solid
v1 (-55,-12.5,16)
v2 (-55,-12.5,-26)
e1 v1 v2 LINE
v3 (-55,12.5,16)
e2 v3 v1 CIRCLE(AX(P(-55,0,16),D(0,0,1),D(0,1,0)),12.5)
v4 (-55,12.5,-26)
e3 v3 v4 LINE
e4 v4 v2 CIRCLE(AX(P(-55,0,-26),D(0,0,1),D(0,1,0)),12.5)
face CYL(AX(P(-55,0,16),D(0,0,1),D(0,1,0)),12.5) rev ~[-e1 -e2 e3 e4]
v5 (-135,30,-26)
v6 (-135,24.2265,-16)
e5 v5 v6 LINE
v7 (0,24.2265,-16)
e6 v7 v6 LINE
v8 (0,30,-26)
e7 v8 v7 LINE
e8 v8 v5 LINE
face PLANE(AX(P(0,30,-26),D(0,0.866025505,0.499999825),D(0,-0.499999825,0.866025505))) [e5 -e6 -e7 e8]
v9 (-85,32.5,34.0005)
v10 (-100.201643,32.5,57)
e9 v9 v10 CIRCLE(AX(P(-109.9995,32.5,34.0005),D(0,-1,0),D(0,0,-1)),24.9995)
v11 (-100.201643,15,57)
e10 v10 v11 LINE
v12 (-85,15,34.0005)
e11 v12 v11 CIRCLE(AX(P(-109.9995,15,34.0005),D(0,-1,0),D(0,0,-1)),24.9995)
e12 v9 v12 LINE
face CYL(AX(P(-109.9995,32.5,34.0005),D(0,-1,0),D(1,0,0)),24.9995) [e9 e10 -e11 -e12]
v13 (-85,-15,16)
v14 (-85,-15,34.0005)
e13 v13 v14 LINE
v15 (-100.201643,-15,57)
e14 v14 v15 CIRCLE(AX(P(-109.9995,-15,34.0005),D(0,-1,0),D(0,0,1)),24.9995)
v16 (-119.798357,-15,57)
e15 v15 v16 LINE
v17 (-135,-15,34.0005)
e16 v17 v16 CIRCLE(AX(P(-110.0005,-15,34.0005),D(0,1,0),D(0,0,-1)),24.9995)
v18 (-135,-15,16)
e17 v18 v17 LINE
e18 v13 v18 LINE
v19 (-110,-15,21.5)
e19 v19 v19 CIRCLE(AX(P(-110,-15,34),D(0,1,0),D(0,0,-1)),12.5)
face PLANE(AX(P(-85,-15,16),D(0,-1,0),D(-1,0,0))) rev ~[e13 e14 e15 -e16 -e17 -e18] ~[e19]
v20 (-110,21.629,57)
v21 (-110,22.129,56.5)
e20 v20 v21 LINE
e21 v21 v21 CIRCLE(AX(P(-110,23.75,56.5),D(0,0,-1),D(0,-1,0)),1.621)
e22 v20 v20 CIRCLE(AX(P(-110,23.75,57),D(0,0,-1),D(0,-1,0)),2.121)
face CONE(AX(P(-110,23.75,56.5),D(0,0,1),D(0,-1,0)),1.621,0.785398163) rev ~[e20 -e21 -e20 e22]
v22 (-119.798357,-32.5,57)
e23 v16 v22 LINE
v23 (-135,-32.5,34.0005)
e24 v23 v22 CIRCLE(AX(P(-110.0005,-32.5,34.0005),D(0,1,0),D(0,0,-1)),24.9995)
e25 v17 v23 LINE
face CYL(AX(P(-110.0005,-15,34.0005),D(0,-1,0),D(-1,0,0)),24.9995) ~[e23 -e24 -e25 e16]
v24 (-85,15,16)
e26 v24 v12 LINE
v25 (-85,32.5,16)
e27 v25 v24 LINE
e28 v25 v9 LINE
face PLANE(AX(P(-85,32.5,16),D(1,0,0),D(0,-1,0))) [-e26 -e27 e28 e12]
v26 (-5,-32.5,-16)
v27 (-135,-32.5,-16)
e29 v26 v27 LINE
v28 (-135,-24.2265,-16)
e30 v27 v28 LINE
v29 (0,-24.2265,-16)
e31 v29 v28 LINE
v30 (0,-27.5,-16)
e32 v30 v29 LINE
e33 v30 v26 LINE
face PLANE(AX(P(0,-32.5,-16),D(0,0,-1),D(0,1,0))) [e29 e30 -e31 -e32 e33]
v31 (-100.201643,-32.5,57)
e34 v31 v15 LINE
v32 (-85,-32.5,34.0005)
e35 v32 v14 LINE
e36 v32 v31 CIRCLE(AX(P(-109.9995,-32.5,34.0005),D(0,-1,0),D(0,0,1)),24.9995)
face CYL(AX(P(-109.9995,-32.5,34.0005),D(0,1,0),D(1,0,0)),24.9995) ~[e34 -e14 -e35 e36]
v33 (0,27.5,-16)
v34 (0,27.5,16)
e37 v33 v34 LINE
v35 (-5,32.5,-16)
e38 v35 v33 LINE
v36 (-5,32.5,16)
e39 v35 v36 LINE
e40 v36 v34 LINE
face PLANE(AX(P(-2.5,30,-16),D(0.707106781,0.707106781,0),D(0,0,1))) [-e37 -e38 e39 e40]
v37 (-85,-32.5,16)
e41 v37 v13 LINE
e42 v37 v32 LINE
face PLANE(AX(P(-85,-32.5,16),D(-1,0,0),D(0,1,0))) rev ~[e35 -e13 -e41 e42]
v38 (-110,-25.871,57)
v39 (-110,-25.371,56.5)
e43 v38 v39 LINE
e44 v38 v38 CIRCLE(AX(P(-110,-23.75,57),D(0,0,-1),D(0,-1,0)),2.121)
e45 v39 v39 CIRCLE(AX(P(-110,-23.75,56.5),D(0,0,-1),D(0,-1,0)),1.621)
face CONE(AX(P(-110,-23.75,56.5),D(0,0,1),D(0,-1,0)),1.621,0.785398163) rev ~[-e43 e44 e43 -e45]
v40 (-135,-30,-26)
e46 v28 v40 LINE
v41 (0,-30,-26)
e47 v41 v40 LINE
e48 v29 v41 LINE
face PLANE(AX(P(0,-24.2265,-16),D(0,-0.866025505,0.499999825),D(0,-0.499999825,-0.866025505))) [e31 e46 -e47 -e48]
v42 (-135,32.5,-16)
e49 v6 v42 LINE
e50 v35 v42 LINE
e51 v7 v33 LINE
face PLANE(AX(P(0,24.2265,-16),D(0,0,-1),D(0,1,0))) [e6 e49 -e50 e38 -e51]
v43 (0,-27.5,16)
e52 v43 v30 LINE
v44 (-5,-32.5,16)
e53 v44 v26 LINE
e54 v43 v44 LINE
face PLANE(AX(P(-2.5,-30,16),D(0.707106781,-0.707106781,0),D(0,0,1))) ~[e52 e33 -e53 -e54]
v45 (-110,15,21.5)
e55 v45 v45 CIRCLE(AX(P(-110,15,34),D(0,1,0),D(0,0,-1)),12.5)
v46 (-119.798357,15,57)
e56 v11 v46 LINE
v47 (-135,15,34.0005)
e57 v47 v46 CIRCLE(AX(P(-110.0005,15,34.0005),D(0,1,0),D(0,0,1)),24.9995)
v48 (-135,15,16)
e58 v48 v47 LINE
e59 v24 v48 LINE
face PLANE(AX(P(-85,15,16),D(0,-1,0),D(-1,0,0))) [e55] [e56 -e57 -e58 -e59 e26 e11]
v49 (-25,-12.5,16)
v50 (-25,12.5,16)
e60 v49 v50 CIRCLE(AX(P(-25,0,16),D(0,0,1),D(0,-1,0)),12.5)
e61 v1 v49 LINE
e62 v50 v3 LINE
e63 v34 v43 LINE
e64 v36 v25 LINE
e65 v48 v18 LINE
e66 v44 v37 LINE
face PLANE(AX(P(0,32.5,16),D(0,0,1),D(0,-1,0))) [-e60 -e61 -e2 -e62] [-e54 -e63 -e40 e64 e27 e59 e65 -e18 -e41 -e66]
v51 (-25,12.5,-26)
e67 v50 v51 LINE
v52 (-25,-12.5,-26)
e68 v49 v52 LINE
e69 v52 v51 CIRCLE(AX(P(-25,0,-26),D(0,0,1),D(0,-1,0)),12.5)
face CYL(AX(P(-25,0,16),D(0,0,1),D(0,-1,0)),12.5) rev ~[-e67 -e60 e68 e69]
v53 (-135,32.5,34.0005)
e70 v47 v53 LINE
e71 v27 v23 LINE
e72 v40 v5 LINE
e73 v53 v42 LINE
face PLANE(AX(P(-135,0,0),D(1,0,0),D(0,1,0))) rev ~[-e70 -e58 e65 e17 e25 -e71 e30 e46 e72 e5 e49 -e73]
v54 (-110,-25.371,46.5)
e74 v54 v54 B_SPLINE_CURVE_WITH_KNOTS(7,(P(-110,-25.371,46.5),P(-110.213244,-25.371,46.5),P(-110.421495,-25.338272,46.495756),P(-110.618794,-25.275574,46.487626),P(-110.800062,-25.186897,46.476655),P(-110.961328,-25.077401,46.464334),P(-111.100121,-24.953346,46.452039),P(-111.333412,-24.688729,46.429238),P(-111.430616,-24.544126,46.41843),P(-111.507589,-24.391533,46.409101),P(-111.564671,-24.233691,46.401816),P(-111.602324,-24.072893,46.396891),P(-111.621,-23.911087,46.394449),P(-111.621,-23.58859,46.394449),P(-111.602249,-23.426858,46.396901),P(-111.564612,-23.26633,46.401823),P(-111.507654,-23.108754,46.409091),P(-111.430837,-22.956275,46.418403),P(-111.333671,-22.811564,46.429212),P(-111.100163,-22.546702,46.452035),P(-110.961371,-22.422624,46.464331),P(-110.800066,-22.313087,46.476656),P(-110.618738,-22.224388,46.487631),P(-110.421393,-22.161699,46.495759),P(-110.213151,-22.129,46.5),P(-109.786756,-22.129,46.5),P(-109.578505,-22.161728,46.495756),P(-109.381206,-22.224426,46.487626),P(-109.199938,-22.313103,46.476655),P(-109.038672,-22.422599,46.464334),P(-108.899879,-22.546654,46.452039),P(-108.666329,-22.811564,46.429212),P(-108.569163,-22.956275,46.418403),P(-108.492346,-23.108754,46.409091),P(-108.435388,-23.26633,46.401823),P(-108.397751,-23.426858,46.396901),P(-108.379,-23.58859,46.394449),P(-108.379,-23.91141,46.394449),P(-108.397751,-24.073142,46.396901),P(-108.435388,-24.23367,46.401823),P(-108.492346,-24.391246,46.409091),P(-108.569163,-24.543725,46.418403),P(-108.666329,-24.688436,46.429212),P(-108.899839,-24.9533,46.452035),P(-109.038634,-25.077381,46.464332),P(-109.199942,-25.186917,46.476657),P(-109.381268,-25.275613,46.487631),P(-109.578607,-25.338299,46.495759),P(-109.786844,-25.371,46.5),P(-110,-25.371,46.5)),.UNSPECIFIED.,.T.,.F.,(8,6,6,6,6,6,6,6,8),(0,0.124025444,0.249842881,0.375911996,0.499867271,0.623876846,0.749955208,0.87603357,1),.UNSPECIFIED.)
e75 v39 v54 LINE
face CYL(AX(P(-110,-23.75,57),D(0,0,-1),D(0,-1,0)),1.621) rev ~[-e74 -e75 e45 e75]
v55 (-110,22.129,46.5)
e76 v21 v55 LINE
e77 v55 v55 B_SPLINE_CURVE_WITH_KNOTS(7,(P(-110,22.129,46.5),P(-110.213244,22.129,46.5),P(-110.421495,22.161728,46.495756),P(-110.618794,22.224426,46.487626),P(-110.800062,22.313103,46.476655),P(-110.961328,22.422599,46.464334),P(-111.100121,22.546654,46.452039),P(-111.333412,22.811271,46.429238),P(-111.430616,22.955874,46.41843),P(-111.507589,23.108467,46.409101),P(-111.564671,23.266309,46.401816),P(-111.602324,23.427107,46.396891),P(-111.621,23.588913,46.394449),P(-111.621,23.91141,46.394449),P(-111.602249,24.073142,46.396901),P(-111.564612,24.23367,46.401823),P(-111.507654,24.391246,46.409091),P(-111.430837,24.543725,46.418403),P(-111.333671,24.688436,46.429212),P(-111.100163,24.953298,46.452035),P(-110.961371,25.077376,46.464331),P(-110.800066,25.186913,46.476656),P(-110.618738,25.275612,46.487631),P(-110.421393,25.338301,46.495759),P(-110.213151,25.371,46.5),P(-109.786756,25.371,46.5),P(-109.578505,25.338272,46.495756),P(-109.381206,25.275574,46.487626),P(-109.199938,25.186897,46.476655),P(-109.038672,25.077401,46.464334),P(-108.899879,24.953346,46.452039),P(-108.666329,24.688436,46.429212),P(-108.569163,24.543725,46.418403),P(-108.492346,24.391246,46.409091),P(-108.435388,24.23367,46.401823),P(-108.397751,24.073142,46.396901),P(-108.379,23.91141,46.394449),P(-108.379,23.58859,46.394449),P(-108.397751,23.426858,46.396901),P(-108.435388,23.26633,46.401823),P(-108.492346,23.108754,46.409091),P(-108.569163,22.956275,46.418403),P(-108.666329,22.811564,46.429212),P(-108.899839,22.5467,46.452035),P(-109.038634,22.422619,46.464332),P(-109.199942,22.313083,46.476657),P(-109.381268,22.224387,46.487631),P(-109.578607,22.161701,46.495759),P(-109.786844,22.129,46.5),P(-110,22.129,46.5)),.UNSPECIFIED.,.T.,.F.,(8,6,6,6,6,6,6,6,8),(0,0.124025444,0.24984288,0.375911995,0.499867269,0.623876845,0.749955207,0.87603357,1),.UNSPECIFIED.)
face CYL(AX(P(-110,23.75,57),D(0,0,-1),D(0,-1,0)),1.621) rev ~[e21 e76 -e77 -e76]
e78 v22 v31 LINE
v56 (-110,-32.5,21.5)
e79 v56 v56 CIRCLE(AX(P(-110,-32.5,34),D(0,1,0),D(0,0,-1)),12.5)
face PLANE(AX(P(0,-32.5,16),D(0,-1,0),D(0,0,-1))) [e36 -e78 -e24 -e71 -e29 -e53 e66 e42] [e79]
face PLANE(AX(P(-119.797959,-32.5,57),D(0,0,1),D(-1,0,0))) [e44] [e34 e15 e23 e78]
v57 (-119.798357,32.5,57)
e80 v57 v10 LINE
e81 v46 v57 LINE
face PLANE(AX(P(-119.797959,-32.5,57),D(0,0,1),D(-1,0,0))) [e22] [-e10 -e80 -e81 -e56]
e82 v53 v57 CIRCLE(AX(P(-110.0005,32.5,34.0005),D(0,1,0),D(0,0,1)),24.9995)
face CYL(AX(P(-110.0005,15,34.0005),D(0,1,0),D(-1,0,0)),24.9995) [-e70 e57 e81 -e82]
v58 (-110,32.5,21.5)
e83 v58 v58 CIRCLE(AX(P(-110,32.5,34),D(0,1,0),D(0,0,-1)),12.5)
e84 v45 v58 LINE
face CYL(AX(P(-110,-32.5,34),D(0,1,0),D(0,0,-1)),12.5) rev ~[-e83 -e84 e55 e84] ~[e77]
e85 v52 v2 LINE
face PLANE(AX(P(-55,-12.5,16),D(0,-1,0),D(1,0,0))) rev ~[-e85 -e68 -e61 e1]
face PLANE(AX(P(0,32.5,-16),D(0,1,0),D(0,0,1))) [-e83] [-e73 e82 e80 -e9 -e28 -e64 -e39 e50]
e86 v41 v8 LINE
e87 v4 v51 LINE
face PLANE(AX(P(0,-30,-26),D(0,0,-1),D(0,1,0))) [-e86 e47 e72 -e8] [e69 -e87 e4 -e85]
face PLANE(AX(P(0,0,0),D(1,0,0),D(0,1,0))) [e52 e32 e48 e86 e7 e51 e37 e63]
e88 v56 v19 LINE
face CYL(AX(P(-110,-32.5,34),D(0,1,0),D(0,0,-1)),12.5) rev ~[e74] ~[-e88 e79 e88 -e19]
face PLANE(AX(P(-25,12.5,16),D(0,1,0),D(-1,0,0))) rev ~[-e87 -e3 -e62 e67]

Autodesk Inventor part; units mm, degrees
ref_plane "YZ Plane" through (0, 0, 0) normal (1, 0, 0) x (0, 1, 0)
ref_plane "XZ Plane" through (0, 0, 0) normal (0, 1, 0) x (-1, 0, 0)
ref_plane "XY Plane" through (0, 0, 0) normal (0, 0, 1) x (1, 0, 0)
sketch "Skizze1" plane through (0, 0, 0) normal (1, 0, 0) x (0, 1, 0)
  line L0 (-30, -26) -> (30, -26)
  line L1 (30, -26) -> (24.2265, -16)
  line L2 (24.2265, -16) -> (32.5, -16)
  line L3 (32.5, -16) -> (32.5, 16)
  line L4 (32.5, 16) -> (-32.5, 16)
  line L5 (-32.5, 16) -> (-32.5, -16)
  line L6 (-32.5, -16) -> (-24.2265, -16)
  line L7 (-24.2265, -16) -> (-30, -26)
  point P0 (0, 0)
  dimension "d0" = 60
  dimension "d1" = 65
  dimension "d2" = 2.5
  dimension "d3" = 10
  dimension "d4" = 42
  dimension "d5" = 60
  dimension "d6" = 60
  dimension "d7" = 16
  dimension "d8" = 32.5
extrude "Extrusion1" add sketch "Skizze1" against normal blind 135
sketch "Skizze2" plane through (0, -32.5, 16) normal (0, 0, 1) x (1, 0, 0)
  line L0 (0, 0) -> (-135, 0) projected
  line L1 (-135, 0) -> (-85, 0)
  line L2 (-85, 0) -> (-85, 17.5)
  line L3 (-85, 17.5) -> (-135, 17.5)
  line L4 (-135, 17.5) -> (-135, 0)
  line L5 (-135, 65) -> (-135, 56.7265) projected
  line L6 (-135, 65) -> (-85, 65)
  line L7 (-85, 65) -> (-85, 47.5)
  line L8 (-85, 47.5) -> (-135, 47.5)
  line L9 (-135, 47.5) -> (-135, 65)
  point P0 (0, 32.5)
  point P1 (-85, 0)
  dimension "d11" = 50
  dimension "d12" = 17.5
  dimension "d13" = 50
  dimension "d14" = 17.5
extrude "Extrusion2" add sketch "Skizze2" along normal blind 43
fillet "Rundung1" radius 25 4 edges at (-85, -23.75, 59) (-135, -23.75, 59) (-85, 23.75, 59) (-135, 23.75, 59)
sketch "Skizze3" plane through (0, -32.5, -16) normal (0, -1, 0) x (1, 0, 0)
  line L0 (-85, 32) -> (-85, 50) projected
  line L1 (0, -10) -> (-135, -10) projected
  point P0 (0, 16)
  point P1 (-110, 50)
  dimension "d25" = 25
  dimension "d26" = 60
hole "Bohrung1" at (-110, -32.5, 34) direction (0, 1, 0) diameter 25 end through all
sketch "Skizze4" plane through (0, -32.5, 16) normal (0, 0, 1) x (1, 0, 0)
  line L0 (-55, 32.5) -> (-25, 32.5) construction
  line L1 (-55, 20) -> (-25, 20)
  line L2 (-25, 45) -> (-55, 45)
  arc A0 (-55, 45) -> (-55, 20) centre (-55, 32.5) ccw
  arc A1 (-25, 20) -> (-25, 45) centre (-25, 32.5) ccw
  line L3 (0, 65) -> (0, 0) projected
  line L4 (0, 0) -> (-85, 0) projected
  point P0 (0, 32.5)
  point P1 (-40, 32.5)
  dimension "d27" = 30
  dimension "d28" = 25
  dimension "d29" = 32.5
  dimension "d30" = 25
extrude "Extrusion3" cut sketch "Skizze4" against normal through all
sketch "Skizze5" plane through (0, -32.5, -16) normal (0, -1, 0) x (1, 0, 0)
  line L0 (-135, 77) -> (-85, 77)
  line L1 (-85, 77) -> (-85, 73)
  line L2 (-85, 73) -> (-135, 73)
  line L3 (-135, 73) -> (-135, 77)
  line L4 (-85, 32) -> (-85, 50) projected
  line L5 (-135, 0) -> (-135, 50) projected
  arc A0 (-85, 50) -> (-135, 50) centre (-110, 50) ccw projected
  point P0 (0, 16)
  point P1 (-110, 73)
  point P2 (-110, 75)
  dimension "d33" = 2
  dimension "d34" = 4
extrude "Extrusion4" cut sketch "Skizze5" against normal through all
sketch "Skizze6" plane through (-119.798, -32.5, 57) normal (0, 0, 1) x (1, 0, 0)
  line L0 (119.798, 65) -> (119.798, 0) projected
  line L1 (0, 65) -> (19.5959, 65) projected
  point P0 (119.798, 32.5)
  point P1 (9.798, 8.75)
  point P2 (9.798, 56.25)
  dimension "d44" = 110
  dimension "d45" = 110
  dimension "d46" = 47.5
  dimension "d47" = 8.75
hole "Bohrung2" at (-110, -23.75, 57) at (-110, 23.75, 57) direction (0, 0, -1) diameter 3.242 depth 14 thread size "M4x0.7" class "6H" standard "ISO Metric profile"
chamfer "Fasen1" distance 0.5 angle 45 2 edges at (-110, 25.371, 57) (-110, -22.129, 57)
chamfer "Fasen2" distance 5 angle 45 2 edges at (0, -32.5, 0) (0, 32.5, 0)
properties part number "Schwalbenschwanzhalterung"
